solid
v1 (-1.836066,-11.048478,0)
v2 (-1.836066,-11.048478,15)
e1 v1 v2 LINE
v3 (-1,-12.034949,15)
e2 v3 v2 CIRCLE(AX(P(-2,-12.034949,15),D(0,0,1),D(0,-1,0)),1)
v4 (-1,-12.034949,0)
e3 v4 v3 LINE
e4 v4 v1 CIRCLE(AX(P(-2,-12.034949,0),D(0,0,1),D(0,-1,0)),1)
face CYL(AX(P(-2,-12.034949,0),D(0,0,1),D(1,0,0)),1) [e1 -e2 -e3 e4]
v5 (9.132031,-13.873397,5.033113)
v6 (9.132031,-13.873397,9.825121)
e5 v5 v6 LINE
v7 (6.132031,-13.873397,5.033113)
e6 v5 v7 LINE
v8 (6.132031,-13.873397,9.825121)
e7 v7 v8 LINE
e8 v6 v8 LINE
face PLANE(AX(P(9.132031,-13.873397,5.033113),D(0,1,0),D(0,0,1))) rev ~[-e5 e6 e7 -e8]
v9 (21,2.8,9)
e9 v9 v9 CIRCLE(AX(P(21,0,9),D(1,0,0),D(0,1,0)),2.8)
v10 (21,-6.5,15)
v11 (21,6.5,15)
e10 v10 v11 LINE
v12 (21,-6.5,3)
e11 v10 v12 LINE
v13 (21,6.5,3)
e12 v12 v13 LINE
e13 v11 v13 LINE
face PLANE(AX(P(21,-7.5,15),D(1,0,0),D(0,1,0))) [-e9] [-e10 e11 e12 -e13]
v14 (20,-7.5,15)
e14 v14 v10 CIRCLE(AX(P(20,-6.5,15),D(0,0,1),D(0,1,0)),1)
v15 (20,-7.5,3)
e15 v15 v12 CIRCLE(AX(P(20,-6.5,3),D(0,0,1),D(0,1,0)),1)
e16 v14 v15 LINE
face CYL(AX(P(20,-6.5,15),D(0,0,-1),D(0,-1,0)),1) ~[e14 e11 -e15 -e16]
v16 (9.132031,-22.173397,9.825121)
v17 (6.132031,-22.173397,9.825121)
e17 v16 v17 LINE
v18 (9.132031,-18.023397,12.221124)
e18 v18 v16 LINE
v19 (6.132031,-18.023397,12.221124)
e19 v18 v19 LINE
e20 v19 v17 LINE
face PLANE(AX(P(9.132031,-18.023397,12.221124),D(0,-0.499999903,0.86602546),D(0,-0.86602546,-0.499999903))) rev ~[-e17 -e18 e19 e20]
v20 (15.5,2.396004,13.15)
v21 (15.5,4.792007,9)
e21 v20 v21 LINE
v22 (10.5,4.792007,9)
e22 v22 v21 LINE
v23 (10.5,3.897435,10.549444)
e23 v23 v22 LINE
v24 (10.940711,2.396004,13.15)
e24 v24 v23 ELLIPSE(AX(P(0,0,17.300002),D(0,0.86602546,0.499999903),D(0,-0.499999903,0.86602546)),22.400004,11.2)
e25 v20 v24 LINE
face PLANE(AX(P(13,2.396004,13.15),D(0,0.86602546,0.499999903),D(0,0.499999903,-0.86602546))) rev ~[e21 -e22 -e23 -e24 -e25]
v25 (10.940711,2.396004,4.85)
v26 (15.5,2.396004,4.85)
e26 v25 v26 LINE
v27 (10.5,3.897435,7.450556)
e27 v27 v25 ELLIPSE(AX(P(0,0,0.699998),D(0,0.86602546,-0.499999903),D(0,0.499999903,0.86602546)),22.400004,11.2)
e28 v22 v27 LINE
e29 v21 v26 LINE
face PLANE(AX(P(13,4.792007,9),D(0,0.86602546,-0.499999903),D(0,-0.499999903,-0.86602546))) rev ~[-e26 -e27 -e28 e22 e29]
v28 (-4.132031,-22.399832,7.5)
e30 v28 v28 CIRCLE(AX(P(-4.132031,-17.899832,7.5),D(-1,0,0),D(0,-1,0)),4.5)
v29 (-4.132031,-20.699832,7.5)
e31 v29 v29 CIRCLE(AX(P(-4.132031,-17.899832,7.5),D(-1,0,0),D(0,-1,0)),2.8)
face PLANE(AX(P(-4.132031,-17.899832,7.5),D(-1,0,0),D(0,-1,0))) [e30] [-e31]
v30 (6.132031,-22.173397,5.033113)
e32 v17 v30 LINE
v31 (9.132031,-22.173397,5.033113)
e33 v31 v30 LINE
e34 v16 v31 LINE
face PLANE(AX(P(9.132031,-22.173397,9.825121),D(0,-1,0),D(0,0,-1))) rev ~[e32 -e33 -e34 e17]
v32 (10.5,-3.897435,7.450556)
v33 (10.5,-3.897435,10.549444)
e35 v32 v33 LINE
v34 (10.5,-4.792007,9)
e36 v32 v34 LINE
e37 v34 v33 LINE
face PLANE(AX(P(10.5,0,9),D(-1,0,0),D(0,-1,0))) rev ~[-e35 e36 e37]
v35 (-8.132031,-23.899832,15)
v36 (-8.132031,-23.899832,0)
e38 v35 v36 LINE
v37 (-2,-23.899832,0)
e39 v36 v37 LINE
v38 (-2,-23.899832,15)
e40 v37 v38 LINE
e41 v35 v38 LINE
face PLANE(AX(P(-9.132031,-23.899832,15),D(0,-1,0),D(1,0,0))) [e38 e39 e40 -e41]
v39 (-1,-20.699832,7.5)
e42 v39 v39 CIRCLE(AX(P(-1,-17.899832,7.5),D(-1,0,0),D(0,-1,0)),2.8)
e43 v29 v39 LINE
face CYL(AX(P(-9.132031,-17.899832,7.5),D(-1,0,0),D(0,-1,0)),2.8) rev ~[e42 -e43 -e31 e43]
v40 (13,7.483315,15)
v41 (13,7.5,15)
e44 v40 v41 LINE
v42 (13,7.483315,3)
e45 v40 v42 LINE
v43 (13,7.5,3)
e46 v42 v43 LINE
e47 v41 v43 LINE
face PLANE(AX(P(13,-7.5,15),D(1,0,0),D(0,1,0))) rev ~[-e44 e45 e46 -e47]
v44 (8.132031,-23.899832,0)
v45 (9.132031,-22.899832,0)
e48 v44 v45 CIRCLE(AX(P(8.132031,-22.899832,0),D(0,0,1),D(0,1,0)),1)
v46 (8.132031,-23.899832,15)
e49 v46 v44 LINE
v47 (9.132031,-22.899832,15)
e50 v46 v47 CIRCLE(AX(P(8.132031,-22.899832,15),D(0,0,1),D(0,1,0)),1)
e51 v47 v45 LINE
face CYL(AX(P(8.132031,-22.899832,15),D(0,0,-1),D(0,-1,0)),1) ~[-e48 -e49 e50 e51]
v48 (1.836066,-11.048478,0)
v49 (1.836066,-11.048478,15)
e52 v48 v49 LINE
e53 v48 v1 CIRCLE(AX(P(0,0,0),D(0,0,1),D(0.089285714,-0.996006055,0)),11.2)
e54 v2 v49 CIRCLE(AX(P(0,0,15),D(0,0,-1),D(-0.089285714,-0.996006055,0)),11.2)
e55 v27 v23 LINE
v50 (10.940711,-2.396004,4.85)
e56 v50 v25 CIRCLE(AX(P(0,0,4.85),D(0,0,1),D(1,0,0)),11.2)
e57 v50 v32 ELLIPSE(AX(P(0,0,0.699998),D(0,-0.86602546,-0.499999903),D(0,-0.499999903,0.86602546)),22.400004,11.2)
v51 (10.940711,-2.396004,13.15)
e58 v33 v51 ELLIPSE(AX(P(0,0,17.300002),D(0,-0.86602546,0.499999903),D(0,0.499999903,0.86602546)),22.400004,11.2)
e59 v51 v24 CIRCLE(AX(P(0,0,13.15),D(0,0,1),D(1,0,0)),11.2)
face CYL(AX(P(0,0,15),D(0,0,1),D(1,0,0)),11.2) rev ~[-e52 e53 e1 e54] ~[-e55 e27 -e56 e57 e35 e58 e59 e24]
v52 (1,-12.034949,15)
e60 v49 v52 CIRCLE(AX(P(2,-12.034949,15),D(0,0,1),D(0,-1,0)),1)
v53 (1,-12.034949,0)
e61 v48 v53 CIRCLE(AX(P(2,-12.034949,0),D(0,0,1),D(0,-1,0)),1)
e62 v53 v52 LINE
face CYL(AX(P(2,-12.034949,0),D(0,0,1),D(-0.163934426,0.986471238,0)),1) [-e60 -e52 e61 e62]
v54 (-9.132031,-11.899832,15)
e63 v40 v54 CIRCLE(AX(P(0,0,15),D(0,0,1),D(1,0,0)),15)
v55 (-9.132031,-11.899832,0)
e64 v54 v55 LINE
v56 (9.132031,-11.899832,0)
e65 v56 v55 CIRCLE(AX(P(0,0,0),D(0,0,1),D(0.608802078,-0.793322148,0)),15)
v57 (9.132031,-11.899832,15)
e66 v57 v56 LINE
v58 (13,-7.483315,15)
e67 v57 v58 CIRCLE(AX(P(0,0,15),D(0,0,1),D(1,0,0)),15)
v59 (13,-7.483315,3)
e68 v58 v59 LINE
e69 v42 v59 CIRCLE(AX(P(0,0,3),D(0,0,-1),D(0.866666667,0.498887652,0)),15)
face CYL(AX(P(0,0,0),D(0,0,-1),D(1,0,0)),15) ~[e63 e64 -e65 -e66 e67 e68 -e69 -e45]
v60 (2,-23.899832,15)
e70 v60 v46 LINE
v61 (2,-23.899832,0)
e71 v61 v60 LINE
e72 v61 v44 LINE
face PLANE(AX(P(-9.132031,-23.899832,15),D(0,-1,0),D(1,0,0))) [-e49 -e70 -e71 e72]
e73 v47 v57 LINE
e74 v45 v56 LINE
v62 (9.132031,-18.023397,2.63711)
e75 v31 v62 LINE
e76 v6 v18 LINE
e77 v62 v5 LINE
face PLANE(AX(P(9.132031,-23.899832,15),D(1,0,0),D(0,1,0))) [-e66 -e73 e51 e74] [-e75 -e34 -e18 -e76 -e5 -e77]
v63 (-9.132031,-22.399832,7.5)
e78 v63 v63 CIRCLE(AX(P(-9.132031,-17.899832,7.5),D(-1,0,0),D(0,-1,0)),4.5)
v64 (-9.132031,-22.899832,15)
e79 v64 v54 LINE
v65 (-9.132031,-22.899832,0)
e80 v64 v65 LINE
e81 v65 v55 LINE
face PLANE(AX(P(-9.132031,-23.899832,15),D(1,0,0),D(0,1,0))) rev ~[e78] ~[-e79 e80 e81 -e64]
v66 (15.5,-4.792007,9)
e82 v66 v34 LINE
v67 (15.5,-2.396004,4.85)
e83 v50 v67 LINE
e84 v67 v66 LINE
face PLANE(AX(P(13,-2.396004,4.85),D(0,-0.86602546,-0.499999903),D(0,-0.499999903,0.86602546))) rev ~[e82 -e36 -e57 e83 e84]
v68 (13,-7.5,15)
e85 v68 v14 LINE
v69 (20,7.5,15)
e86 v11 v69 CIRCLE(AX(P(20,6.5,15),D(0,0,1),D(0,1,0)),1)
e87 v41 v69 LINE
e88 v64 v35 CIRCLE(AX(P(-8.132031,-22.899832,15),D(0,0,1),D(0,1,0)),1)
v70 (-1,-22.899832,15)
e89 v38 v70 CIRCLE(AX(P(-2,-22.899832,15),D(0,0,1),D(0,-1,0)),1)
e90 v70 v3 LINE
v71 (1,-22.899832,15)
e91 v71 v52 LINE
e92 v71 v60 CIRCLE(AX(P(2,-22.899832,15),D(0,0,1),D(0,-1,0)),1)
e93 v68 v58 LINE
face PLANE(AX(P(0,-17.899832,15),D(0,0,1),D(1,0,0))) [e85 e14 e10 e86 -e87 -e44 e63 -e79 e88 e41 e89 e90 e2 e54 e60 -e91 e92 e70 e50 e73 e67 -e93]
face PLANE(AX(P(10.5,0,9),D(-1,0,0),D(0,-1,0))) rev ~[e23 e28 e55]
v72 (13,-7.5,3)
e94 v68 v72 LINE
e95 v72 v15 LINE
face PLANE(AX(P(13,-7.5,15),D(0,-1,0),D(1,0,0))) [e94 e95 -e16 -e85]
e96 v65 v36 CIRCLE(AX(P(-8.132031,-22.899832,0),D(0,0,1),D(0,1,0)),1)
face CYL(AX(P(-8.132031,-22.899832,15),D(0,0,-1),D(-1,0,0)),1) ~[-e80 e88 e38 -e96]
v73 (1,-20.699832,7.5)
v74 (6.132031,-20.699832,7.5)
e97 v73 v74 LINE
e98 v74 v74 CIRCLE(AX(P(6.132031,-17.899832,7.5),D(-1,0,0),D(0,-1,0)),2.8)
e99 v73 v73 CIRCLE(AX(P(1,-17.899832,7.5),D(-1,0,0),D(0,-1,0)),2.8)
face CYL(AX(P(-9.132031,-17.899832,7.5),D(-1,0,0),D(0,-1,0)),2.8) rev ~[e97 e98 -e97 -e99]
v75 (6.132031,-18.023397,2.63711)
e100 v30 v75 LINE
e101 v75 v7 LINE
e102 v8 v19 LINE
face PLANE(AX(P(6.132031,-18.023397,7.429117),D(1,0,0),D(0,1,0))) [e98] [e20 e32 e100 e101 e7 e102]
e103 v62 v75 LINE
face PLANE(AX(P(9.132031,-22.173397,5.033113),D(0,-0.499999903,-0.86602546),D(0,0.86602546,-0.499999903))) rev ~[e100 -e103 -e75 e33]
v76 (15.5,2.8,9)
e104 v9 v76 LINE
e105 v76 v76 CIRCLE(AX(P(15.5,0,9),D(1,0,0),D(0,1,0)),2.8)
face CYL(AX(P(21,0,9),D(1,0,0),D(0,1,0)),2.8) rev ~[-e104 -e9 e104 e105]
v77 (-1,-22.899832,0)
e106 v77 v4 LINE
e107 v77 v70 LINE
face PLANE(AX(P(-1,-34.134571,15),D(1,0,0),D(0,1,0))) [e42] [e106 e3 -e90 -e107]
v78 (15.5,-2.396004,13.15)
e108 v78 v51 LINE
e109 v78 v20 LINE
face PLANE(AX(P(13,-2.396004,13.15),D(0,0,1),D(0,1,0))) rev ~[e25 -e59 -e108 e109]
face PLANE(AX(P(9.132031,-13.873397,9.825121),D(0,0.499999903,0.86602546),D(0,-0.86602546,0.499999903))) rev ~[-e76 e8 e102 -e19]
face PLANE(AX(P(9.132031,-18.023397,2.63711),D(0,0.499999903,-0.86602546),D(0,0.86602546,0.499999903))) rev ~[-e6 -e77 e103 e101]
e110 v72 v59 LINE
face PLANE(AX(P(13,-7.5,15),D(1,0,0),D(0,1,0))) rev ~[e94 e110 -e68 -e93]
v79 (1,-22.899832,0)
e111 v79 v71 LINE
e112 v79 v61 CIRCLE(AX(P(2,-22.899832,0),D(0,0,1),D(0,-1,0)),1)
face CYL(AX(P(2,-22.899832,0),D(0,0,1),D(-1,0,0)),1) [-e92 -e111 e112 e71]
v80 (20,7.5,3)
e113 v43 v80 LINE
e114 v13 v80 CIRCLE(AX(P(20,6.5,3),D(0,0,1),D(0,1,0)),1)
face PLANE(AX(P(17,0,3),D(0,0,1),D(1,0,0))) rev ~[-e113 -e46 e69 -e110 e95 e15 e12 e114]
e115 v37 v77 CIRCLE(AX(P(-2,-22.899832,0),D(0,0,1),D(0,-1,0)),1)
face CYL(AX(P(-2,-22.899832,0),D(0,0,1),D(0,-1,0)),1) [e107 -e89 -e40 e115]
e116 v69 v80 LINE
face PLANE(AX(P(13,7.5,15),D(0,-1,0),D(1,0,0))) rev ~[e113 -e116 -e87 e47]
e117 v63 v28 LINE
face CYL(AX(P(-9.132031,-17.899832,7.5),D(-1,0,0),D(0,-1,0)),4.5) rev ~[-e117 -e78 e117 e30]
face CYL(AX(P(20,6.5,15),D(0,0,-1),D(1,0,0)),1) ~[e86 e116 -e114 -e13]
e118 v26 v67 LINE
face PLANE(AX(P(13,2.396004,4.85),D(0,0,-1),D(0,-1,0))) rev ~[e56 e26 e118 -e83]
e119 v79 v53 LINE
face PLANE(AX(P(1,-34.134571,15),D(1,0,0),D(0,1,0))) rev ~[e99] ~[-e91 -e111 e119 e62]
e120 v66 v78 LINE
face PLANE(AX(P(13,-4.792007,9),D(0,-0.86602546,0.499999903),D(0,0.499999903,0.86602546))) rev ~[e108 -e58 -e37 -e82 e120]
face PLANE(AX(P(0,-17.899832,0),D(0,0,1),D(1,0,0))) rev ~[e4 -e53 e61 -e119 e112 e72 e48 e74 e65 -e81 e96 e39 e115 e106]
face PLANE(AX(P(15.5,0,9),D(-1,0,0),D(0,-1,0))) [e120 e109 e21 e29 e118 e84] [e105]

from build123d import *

# Parameters (mm, degrees)
SKETCH_R        = 15
PAD_DEPTH       = 15
SKETCH001_R     = 11.2
POCKET_DEPTH    = 15.001
SKETCH002_W     = 8
SKETCH002_H     = 15
PAD001_DEPTH    = 12
SKETCH003_W     = 18.264062
SKETCH003_H     = 12
PAD002_DEPTH    = 15
SKETCH004_R     = 2.8
POCKET001_DEPTH = 30.133031
POCKET002_DEPTH = 3
SKETCH006_R     = 4.5
POCKET003_DEPTH = 5
SKETCH007_W     = 2
SKETCH007_H     = 28.949347
POCKET004_DEPTH = 15.001
POCKET005_DEPTH = 2.5
SKETCH008_R     = 2.8
POCKET006_DEPTH = 14
FILLET_R        = 1
FILLET001_R     = 1


with BuildPart() as part:
    # Sketch → Pad (new body)
    with BuildSketch(Plane.XY):
        Circle(SKETCH_R)
    extrude(amount=PAD_DEPTH)

    # Sketch001 → Pocket (cut, through all)
    with BuildSketch(Plane.XY.offset(15)):
        Circle(SKETCH001_R)
    extrude(amount=-POCKET_DEPTH, mode=Mode.SUBTRACT)

    # Sketch002 → Pad001 (new body)
    with BuildSketch(Plane.XY.offset(15)):
        with Locations((17, 0)):
            Rectangle(SKETCH002_W, SKETCH002_H)
    extrude(amount=-PAD001_DEPTH)

    # Sketch003 → Pad002 (new body)
    with BuildSketch(Plane.XY.offset(15)):
        with Locations((0, -17.899832)):
            Rectangle(SKETCH003_W, SKETCH003_H)
    extrude(amount=-PAD002_DEPTH)

    # Sketch004 → Pocket001 (cut, through all)
    with BuildSketch(Plane(origin=(-9.132031, 0, 0), x_dir=(0, -1, 0), z_dir=(-1, 0, 0))):
        with Locations((17.899832, 7.5)):
            Circle(SKETCH004_R)
    extrude(amount=-POCKET001_DEPTH, mode=Mode.SUBTRACT)

    # Sketch005 → Pocket002 (cut)
    with BuildSketch(Plane.YZ.offset(9.132031)):
        Polygon((-18.023397, 2.63711), (-13.873397, 5.033113), (-13.873397, 9.825121), (-18.023397, 12.221124), (-22.173397, 9.825121), (-22.173397, 5.033113), align=None)
    extrude(amount=-POCKET002_DEPTH, mode=Mode.SUBTRACT)

    # Sketch006 → Pocket003 (cut)
    with BuildSketch(Plane(origin=(-9.132031, 0, 0), x_dir=(0, -1, 0), z_dir=(-1, 0, 0))):
        with Locations((17.899832, 7.5)):
            Circle(SKETCH006_R)
    extrude(amount=-POCKET003_DEPTH, mode=Mode.SUBTRACT)

    # Sketch007 → Pocket004 (cut, through all)
    with BuildSketch(Plane.XY.offset(15)):
        with Locations((0, -19.659897)):
            Rectangle(SKETCH007_W, SKETCH007_H)
    extrude(amount=-POCKET004_DEPTH, mode=Mode.SUBTRACT)

    # Sketch009 → Pocket005 (cut, symmetric)
    with BuildSketch(Plane(origin=(13, 0, 0), x_dir=(0, -1, 0), z_dir=(-1, 0, 0))):
        Polygon((2.396004, 4.85), (4.792007, 9), (2.396004, 13.15), (-2.396004, 13.15), (-4.792007, 9), (-2.396004, 4.85), align=None)
    extrude(amount=POCKET005_DEPTH, both=True, mode=Mode.SUBTRACT)

    # Sketch008 → Pocket006 (cut)
    with BuildSketch(Plane.YZ.offset(21)):
        with Locations((0, 9)):
            Circle(SKETCH008_R)
    extrude(amount=-POCKET006_DEPTH, mode=Mode.SUBTRACT)

    # Fillet
    fillet_edges = [part.edges().sort_by_distance(p)[0] for p in [
        (21, 7.5, 9),
        (21, -7.5, 9),
        (9.132031, -23.899832, 7.5),
        (1, -23.899832, 7.5),
        (-1, -23.899832, 7.5),
        (-9.132031, -23.899832, 7.5),
    ]]
    fillet(fillet_edges, radius=FILLET_R)

    # Fillet001
    fillet001_edges = [part.edges().sort_by_distance(p)[0] for p in [
        (1, -11.155268, 7.5),
        (-1, -11.155268, 7.5),
    ]]
    fillet(fillet001_edges, radius=FILLET001_R)


solid = part.part
